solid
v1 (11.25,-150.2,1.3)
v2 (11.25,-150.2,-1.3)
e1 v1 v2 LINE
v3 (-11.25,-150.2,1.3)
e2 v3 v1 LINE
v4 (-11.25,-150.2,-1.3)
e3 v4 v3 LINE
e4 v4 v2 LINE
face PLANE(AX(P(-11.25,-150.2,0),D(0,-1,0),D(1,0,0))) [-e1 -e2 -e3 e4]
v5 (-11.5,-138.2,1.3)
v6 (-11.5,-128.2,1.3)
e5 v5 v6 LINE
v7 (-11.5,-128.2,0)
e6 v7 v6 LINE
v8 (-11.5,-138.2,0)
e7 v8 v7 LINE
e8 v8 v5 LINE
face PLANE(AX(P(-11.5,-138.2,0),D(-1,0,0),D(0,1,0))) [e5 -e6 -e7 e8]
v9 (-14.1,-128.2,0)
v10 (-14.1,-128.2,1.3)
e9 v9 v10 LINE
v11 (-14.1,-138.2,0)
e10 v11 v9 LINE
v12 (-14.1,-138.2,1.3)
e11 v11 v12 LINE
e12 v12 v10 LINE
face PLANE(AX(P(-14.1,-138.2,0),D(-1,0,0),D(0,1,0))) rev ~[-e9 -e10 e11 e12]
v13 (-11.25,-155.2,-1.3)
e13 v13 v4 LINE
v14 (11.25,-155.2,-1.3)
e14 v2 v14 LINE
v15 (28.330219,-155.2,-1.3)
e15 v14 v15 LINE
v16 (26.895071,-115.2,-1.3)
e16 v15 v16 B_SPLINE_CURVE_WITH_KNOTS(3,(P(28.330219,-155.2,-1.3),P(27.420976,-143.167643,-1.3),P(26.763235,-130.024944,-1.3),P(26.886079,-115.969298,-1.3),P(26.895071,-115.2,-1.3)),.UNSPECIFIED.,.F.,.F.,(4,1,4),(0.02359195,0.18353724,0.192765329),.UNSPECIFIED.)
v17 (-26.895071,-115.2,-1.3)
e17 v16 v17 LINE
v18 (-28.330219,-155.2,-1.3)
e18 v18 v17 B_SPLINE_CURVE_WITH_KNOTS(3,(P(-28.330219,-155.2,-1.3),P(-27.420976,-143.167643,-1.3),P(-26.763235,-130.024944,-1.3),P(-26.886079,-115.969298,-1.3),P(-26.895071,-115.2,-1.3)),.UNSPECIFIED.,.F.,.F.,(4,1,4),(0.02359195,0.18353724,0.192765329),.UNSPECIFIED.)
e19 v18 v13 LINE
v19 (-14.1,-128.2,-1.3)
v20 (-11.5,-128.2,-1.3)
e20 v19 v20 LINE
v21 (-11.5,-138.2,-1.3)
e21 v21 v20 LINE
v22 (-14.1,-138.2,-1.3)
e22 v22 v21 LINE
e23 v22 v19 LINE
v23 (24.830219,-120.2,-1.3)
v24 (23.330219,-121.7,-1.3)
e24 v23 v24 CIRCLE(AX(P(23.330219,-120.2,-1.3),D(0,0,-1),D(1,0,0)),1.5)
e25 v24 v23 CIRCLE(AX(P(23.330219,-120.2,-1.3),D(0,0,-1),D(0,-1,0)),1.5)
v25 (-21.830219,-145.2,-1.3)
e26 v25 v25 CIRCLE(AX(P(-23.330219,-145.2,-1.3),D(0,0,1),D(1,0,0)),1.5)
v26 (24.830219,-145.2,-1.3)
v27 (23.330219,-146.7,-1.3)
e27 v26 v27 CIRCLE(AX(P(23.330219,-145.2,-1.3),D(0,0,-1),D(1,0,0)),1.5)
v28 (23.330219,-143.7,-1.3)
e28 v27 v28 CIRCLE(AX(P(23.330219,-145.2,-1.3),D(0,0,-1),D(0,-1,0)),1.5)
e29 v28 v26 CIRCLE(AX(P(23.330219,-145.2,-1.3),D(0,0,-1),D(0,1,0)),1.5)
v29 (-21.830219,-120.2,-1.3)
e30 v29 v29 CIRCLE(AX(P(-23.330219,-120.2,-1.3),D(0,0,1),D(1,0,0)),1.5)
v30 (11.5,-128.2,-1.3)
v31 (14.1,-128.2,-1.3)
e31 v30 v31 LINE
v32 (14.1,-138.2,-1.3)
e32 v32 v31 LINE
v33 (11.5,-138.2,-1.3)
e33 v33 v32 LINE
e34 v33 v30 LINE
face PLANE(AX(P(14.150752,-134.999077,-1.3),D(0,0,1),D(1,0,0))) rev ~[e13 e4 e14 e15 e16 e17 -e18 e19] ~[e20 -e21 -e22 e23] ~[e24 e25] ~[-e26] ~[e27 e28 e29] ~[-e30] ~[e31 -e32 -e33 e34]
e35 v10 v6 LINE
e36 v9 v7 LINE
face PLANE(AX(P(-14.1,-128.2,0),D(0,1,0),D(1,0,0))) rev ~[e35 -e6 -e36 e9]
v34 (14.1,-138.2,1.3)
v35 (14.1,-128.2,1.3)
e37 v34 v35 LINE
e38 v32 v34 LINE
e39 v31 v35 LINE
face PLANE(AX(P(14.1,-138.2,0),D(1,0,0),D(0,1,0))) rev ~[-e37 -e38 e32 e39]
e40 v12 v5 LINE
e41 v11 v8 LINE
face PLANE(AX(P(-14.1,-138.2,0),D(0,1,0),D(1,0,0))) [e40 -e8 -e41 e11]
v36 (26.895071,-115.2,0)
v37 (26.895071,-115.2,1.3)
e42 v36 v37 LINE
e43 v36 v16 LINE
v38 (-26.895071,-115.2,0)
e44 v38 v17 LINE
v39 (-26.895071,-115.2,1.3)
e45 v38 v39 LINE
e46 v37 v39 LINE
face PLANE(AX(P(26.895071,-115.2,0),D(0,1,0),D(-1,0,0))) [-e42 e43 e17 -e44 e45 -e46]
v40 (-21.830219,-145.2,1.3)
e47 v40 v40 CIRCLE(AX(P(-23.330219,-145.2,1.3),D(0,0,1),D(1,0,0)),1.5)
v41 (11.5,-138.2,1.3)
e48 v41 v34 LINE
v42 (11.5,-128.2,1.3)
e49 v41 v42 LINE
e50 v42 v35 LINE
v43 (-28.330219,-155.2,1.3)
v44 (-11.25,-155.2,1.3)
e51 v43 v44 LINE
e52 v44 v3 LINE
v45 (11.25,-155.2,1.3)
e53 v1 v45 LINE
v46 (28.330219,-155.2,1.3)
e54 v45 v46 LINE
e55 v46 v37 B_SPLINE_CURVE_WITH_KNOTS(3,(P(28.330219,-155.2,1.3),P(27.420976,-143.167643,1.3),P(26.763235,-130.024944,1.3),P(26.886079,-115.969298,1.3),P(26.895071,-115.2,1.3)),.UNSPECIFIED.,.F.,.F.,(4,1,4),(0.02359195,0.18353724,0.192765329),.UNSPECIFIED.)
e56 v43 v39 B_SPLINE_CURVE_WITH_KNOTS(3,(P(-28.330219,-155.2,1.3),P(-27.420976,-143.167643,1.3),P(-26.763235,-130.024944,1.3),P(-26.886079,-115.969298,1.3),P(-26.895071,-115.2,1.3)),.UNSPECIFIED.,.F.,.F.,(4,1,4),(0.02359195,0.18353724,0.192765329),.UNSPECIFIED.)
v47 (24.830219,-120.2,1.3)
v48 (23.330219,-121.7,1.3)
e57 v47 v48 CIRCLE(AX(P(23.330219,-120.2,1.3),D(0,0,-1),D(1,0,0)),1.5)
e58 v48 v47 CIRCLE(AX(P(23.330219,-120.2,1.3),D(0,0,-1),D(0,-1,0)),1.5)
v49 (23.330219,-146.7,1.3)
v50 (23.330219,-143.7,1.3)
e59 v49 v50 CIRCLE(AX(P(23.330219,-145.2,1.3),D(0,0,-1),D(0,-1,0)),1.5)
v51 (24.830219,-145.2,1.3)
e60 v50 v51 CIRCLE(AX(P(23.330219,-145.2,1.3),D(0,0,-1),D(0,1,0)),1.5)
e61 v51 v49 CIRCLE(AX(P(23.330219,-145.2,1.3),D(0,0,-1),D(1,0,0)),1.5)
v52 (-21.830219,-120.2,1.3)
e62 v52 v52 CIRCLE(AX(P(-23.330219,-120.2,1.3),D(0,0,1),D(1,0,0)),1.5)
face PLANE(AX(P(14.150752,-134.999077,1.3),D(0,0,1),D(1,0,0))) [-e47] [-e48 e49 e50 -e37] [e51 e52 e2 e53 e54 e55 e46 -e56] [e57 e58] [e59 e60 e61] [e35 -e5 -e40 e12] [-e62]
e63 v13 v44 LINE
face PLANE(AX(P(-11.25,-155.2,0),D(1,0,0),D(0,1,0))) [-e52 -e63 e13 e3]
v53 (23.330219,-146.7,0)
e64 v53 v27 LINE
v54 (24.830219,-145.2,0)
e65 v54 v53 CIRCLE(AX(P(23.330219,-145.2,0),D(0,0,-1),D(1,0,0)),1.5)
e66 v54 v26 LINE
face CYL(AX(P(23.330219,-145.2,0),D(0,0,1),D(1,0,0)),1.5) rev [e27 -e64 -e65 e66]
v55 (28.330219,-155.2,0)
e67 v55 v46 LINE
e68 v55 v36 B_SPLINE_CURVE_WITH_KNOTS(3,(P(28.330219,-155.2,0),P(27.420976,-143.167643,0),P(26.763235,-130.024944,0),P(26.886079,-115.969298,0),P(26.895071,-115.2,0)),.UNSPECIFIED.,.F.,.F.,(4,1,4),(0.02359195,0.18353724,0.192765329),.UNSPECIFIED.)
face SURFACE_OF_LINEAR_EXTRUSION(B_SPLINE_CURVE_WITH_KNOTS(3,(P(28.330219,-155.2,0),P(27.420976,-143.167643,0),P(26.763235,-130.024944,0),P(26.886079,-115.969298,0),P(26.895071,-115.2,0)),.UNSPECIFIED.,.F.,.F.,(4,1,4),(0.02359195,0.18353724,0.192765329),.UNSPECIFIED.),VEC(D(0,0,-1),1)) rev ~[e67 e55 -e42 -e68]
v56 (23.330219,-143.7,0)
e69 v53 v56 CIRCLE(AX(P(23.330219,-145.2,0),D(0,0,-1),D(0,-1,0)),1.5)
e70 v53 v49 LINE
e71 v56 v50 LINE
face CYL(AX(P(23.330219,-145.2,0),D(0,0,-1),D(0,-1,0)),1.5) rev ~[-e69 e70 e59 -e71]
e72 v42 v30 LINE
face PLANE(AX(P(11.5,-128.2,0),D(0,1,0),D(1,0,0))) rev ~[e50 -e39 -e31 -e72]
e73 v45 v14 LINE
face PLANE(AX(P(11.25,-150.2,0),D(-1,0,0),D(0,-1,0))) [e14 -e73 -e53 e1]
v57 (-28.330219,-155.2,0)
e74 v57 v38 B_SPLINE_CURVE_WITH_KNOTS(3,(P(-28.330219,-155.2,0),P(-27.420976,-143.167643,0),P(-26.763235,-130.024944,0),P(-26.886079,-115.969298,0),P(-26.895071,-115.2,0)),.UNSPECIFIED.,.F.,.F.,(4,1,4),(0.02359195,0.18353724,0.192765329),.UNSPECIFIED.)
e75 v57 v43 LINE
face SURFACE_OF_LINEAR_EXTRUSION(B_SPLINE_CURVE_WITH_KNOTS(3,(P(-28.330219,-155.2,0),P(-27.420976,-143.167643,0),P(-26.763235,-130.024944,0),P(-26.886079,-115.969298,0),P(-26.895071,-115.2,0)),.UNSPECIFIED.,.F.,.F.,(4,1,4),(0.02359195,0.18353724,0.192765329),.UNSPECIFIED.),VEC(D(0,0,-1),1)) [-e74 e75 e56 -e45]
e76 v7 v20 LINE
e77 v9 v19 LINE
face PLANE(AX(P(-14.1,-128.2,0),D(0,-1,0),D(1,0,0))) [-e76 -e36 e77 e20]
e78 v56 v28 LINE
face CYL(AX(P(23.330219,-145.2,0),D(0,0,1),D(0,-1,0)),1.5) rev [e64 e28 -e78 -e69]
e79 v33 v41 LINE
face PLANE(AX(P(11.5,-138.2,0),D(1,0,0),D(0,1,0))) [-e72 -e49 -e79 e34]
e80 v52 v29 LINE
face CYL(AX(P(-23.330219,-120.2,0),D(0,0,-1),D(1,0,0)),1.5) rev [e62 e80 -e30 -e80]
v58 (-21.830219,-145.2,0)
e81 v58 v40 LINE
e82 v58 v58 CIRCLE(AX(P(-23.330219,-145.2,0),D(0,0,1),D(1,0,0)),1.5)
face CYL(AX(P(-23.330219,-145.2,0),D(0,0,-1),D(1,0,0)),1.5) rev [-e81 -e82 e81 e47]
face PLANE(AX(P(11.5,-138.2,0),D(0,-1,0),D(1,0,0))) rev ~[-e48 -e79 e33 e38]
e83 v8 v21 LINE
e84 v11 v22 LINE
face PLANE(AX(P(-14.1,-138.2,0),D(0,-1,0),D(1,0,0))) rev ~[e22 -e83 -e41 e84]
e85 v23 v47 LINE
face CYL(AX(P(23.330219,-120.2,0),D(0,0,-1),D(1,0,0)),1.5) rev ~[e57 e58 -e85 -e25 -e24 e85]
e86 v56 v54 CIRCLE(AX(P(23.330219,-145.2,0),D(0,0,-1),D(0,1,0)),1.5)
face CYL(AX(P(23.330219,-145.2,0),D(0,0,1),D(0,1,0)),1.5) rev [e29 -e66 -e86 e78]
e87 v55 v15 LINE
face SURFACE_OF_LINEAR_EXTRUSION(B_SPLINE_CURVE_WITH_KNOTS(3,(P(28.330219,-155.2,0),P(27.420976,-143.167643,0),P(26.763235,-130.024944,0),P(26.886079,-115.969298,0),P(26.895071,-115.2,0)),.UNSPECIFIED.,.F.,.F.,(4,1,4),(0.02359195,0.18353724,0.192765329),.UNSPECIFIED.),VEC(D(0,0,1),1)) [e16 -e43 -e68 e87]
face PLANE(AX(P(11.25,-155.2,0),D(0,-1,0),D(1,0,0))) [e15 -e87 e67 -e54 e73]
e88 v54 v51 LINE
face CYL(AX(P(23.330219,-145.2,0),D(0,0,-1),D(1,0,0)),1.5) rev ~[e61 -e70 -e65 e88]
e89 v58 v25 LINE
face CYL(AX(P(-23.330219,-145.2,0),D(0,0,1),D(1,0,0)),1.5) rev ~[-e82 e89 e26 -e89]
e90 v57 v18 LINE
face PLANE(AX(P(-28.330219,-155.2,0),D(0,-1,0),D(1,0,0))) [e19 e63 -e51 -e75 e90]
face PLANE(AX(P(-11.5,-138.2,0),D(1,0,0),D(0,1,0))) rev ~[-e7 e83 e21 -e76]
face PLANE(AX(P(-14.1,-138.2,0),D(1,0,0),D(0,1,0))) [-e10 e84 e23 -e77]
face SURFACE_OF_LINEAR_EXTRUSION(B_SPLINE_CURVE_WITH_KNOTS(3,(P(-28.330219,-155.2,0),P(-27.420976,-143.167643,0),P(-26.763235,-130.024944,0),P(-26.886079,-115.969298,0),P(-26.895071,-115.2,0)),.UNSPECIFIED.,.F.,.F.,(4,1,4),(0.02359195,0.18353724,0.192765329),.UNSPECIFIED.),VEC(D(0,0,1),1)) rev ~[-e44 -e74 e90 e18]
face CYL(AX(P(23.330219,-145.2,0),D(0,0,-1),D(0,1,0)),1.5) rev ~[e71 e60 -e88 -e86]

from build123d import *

# Parameters (mm, degrees)
F1_W          = 2.6
F1_H          = 10
F1_R          = 1.5
F2_DEPTH      = 1.3
F2_DEPTH_BACK = 1.3
F4_DEPTH      = 2.6010001


with BuildPart() as f2:
    # F1 (on Top) → F2 (new body, two sides)
    with BuildSketch(Plane.XY) as f2_sk:
        with BuildLine():
            Line((26.8950708133, -115.2), (0, -115.2))
            Line((0, -115.2), (0, -150.2))
            Line((0, -150.2), (11.25, -150.2))
            Line((11.25, -150.2), (11.25, -155.2))
            Line((11.25, -155.2), (23.3302194863, -155.2))
            Line((23.3302194863, -155.2), (28.3302194863, -155.2))
            add(Edge.make_bspline(
                [(28.3302194863, -155.2), (27.4209763541, -143.1676427283), (26.763234957, -130.0249441378), (26.8860792155, -115.9692984983), (26.8950708133, -115.2)],
                knots=[0.0235919502, 0.0235919502, 0.0235919502, 0.0235919502, 0.1835372396, 0.1927653287, 0.1927653287, 0.1927653287, 0.1927653287], degree=3))
        make_face()
        with Locations((12.8, -133.2)):
            Rectangle(F1_W, F1_H, mode=Mode.SUBTRACT)
        with BuildLine():
            ThreePointArc((24.8302194863, -145.2), (24.3908796581, -146.2606601718), (23.3302194863, -146.7))
            ThreePointArc((23.3302194863, -146.7), (21.8302194863, -145.2), (23.3302194863, -143.7))
            ThreePointArc((23.3302194863, -143.7), (24.3908796581, -144.1393398282), (24.8302194863, -145.2))
        make_face(mode=Mode.SUBTRACT)
        with BuildLine():
            ThreePointArc((24.8302194863, -120.2), (24.3908796581, -121.2606601718), (23.3302194863, -121.7))
            ThreePointArc((23.3302194863, -121.7), (22.2695593146, -119.1393398282), (24.8302194863, -120.2))
        make_face(mode=Mode.SUBTRACT)
        with BuildLine():
            add(Edge.make_bspline(
                [(-28.3302194863, -155.2), (-27.4209763541, -143.1676427283), (-26.763234957, -130.0249441378), (-26.8860792155, -115.9692984983), (-26.8950708133, -115.2)],
                knots=[0.0235919502, 0.0235919502, 0.0235919502, 0.0235919502, 0.1835372396, 0.1927653287, 0.1927653287, 0.1927653287, 0.1927653287], degree=3))
            Line((-28.3302194863, -155.2), (-11.25, -155.2))
            Line((-11.25, -155.2), (-11.25, -150.2))
            Line((-11.25, -150.2), (0, -150.2))
            Line((0, -150.2), (0, -115.2))
            Line((0, -115.2), (-26.8950708133, -115.2))
        make_face()
        with Locations((-23.3302194863, -145.2)):
            Circle(F1_R, mode=Mode.SUBTRACT)
        with Locations((-23.3302194863, -120.2)):
            Circle(F1_R, mode=Mode.SUBTRACT)
        with Locations((-12.8, -133.2)):
            Rectangle(F1_W, F1_H, mode=Mode.SUBTRACT)
    extrude(amount=F2_DEPTH)
    extrude(f2_sk.sketch, amount=-F2_DEPTH_BACK)

    # F3 (on face) → F4 (cut, through all)
    with BuildSketch(Plane.XY.offset(1.3)):
        Polygon((35.375, 8.25), (27.6897869255, 8.25), (27.6897869255, -6.25), (35.375, -6.25), (39.6897869255, -6.25), (39.6897869255, 8.25), align=None)
        Polygon((-27.6897869255, -6.25), (-27.6897869255, 8.25), (-35.375, 8.25), (-39.6897869255, 8.25), (-39.6897869255, -6.25), (-35.375, -6.25), align=None)
    extrude(amount=-F4_DEPTH, mode=Mode.SUBTRACT)


solid = f2.part
